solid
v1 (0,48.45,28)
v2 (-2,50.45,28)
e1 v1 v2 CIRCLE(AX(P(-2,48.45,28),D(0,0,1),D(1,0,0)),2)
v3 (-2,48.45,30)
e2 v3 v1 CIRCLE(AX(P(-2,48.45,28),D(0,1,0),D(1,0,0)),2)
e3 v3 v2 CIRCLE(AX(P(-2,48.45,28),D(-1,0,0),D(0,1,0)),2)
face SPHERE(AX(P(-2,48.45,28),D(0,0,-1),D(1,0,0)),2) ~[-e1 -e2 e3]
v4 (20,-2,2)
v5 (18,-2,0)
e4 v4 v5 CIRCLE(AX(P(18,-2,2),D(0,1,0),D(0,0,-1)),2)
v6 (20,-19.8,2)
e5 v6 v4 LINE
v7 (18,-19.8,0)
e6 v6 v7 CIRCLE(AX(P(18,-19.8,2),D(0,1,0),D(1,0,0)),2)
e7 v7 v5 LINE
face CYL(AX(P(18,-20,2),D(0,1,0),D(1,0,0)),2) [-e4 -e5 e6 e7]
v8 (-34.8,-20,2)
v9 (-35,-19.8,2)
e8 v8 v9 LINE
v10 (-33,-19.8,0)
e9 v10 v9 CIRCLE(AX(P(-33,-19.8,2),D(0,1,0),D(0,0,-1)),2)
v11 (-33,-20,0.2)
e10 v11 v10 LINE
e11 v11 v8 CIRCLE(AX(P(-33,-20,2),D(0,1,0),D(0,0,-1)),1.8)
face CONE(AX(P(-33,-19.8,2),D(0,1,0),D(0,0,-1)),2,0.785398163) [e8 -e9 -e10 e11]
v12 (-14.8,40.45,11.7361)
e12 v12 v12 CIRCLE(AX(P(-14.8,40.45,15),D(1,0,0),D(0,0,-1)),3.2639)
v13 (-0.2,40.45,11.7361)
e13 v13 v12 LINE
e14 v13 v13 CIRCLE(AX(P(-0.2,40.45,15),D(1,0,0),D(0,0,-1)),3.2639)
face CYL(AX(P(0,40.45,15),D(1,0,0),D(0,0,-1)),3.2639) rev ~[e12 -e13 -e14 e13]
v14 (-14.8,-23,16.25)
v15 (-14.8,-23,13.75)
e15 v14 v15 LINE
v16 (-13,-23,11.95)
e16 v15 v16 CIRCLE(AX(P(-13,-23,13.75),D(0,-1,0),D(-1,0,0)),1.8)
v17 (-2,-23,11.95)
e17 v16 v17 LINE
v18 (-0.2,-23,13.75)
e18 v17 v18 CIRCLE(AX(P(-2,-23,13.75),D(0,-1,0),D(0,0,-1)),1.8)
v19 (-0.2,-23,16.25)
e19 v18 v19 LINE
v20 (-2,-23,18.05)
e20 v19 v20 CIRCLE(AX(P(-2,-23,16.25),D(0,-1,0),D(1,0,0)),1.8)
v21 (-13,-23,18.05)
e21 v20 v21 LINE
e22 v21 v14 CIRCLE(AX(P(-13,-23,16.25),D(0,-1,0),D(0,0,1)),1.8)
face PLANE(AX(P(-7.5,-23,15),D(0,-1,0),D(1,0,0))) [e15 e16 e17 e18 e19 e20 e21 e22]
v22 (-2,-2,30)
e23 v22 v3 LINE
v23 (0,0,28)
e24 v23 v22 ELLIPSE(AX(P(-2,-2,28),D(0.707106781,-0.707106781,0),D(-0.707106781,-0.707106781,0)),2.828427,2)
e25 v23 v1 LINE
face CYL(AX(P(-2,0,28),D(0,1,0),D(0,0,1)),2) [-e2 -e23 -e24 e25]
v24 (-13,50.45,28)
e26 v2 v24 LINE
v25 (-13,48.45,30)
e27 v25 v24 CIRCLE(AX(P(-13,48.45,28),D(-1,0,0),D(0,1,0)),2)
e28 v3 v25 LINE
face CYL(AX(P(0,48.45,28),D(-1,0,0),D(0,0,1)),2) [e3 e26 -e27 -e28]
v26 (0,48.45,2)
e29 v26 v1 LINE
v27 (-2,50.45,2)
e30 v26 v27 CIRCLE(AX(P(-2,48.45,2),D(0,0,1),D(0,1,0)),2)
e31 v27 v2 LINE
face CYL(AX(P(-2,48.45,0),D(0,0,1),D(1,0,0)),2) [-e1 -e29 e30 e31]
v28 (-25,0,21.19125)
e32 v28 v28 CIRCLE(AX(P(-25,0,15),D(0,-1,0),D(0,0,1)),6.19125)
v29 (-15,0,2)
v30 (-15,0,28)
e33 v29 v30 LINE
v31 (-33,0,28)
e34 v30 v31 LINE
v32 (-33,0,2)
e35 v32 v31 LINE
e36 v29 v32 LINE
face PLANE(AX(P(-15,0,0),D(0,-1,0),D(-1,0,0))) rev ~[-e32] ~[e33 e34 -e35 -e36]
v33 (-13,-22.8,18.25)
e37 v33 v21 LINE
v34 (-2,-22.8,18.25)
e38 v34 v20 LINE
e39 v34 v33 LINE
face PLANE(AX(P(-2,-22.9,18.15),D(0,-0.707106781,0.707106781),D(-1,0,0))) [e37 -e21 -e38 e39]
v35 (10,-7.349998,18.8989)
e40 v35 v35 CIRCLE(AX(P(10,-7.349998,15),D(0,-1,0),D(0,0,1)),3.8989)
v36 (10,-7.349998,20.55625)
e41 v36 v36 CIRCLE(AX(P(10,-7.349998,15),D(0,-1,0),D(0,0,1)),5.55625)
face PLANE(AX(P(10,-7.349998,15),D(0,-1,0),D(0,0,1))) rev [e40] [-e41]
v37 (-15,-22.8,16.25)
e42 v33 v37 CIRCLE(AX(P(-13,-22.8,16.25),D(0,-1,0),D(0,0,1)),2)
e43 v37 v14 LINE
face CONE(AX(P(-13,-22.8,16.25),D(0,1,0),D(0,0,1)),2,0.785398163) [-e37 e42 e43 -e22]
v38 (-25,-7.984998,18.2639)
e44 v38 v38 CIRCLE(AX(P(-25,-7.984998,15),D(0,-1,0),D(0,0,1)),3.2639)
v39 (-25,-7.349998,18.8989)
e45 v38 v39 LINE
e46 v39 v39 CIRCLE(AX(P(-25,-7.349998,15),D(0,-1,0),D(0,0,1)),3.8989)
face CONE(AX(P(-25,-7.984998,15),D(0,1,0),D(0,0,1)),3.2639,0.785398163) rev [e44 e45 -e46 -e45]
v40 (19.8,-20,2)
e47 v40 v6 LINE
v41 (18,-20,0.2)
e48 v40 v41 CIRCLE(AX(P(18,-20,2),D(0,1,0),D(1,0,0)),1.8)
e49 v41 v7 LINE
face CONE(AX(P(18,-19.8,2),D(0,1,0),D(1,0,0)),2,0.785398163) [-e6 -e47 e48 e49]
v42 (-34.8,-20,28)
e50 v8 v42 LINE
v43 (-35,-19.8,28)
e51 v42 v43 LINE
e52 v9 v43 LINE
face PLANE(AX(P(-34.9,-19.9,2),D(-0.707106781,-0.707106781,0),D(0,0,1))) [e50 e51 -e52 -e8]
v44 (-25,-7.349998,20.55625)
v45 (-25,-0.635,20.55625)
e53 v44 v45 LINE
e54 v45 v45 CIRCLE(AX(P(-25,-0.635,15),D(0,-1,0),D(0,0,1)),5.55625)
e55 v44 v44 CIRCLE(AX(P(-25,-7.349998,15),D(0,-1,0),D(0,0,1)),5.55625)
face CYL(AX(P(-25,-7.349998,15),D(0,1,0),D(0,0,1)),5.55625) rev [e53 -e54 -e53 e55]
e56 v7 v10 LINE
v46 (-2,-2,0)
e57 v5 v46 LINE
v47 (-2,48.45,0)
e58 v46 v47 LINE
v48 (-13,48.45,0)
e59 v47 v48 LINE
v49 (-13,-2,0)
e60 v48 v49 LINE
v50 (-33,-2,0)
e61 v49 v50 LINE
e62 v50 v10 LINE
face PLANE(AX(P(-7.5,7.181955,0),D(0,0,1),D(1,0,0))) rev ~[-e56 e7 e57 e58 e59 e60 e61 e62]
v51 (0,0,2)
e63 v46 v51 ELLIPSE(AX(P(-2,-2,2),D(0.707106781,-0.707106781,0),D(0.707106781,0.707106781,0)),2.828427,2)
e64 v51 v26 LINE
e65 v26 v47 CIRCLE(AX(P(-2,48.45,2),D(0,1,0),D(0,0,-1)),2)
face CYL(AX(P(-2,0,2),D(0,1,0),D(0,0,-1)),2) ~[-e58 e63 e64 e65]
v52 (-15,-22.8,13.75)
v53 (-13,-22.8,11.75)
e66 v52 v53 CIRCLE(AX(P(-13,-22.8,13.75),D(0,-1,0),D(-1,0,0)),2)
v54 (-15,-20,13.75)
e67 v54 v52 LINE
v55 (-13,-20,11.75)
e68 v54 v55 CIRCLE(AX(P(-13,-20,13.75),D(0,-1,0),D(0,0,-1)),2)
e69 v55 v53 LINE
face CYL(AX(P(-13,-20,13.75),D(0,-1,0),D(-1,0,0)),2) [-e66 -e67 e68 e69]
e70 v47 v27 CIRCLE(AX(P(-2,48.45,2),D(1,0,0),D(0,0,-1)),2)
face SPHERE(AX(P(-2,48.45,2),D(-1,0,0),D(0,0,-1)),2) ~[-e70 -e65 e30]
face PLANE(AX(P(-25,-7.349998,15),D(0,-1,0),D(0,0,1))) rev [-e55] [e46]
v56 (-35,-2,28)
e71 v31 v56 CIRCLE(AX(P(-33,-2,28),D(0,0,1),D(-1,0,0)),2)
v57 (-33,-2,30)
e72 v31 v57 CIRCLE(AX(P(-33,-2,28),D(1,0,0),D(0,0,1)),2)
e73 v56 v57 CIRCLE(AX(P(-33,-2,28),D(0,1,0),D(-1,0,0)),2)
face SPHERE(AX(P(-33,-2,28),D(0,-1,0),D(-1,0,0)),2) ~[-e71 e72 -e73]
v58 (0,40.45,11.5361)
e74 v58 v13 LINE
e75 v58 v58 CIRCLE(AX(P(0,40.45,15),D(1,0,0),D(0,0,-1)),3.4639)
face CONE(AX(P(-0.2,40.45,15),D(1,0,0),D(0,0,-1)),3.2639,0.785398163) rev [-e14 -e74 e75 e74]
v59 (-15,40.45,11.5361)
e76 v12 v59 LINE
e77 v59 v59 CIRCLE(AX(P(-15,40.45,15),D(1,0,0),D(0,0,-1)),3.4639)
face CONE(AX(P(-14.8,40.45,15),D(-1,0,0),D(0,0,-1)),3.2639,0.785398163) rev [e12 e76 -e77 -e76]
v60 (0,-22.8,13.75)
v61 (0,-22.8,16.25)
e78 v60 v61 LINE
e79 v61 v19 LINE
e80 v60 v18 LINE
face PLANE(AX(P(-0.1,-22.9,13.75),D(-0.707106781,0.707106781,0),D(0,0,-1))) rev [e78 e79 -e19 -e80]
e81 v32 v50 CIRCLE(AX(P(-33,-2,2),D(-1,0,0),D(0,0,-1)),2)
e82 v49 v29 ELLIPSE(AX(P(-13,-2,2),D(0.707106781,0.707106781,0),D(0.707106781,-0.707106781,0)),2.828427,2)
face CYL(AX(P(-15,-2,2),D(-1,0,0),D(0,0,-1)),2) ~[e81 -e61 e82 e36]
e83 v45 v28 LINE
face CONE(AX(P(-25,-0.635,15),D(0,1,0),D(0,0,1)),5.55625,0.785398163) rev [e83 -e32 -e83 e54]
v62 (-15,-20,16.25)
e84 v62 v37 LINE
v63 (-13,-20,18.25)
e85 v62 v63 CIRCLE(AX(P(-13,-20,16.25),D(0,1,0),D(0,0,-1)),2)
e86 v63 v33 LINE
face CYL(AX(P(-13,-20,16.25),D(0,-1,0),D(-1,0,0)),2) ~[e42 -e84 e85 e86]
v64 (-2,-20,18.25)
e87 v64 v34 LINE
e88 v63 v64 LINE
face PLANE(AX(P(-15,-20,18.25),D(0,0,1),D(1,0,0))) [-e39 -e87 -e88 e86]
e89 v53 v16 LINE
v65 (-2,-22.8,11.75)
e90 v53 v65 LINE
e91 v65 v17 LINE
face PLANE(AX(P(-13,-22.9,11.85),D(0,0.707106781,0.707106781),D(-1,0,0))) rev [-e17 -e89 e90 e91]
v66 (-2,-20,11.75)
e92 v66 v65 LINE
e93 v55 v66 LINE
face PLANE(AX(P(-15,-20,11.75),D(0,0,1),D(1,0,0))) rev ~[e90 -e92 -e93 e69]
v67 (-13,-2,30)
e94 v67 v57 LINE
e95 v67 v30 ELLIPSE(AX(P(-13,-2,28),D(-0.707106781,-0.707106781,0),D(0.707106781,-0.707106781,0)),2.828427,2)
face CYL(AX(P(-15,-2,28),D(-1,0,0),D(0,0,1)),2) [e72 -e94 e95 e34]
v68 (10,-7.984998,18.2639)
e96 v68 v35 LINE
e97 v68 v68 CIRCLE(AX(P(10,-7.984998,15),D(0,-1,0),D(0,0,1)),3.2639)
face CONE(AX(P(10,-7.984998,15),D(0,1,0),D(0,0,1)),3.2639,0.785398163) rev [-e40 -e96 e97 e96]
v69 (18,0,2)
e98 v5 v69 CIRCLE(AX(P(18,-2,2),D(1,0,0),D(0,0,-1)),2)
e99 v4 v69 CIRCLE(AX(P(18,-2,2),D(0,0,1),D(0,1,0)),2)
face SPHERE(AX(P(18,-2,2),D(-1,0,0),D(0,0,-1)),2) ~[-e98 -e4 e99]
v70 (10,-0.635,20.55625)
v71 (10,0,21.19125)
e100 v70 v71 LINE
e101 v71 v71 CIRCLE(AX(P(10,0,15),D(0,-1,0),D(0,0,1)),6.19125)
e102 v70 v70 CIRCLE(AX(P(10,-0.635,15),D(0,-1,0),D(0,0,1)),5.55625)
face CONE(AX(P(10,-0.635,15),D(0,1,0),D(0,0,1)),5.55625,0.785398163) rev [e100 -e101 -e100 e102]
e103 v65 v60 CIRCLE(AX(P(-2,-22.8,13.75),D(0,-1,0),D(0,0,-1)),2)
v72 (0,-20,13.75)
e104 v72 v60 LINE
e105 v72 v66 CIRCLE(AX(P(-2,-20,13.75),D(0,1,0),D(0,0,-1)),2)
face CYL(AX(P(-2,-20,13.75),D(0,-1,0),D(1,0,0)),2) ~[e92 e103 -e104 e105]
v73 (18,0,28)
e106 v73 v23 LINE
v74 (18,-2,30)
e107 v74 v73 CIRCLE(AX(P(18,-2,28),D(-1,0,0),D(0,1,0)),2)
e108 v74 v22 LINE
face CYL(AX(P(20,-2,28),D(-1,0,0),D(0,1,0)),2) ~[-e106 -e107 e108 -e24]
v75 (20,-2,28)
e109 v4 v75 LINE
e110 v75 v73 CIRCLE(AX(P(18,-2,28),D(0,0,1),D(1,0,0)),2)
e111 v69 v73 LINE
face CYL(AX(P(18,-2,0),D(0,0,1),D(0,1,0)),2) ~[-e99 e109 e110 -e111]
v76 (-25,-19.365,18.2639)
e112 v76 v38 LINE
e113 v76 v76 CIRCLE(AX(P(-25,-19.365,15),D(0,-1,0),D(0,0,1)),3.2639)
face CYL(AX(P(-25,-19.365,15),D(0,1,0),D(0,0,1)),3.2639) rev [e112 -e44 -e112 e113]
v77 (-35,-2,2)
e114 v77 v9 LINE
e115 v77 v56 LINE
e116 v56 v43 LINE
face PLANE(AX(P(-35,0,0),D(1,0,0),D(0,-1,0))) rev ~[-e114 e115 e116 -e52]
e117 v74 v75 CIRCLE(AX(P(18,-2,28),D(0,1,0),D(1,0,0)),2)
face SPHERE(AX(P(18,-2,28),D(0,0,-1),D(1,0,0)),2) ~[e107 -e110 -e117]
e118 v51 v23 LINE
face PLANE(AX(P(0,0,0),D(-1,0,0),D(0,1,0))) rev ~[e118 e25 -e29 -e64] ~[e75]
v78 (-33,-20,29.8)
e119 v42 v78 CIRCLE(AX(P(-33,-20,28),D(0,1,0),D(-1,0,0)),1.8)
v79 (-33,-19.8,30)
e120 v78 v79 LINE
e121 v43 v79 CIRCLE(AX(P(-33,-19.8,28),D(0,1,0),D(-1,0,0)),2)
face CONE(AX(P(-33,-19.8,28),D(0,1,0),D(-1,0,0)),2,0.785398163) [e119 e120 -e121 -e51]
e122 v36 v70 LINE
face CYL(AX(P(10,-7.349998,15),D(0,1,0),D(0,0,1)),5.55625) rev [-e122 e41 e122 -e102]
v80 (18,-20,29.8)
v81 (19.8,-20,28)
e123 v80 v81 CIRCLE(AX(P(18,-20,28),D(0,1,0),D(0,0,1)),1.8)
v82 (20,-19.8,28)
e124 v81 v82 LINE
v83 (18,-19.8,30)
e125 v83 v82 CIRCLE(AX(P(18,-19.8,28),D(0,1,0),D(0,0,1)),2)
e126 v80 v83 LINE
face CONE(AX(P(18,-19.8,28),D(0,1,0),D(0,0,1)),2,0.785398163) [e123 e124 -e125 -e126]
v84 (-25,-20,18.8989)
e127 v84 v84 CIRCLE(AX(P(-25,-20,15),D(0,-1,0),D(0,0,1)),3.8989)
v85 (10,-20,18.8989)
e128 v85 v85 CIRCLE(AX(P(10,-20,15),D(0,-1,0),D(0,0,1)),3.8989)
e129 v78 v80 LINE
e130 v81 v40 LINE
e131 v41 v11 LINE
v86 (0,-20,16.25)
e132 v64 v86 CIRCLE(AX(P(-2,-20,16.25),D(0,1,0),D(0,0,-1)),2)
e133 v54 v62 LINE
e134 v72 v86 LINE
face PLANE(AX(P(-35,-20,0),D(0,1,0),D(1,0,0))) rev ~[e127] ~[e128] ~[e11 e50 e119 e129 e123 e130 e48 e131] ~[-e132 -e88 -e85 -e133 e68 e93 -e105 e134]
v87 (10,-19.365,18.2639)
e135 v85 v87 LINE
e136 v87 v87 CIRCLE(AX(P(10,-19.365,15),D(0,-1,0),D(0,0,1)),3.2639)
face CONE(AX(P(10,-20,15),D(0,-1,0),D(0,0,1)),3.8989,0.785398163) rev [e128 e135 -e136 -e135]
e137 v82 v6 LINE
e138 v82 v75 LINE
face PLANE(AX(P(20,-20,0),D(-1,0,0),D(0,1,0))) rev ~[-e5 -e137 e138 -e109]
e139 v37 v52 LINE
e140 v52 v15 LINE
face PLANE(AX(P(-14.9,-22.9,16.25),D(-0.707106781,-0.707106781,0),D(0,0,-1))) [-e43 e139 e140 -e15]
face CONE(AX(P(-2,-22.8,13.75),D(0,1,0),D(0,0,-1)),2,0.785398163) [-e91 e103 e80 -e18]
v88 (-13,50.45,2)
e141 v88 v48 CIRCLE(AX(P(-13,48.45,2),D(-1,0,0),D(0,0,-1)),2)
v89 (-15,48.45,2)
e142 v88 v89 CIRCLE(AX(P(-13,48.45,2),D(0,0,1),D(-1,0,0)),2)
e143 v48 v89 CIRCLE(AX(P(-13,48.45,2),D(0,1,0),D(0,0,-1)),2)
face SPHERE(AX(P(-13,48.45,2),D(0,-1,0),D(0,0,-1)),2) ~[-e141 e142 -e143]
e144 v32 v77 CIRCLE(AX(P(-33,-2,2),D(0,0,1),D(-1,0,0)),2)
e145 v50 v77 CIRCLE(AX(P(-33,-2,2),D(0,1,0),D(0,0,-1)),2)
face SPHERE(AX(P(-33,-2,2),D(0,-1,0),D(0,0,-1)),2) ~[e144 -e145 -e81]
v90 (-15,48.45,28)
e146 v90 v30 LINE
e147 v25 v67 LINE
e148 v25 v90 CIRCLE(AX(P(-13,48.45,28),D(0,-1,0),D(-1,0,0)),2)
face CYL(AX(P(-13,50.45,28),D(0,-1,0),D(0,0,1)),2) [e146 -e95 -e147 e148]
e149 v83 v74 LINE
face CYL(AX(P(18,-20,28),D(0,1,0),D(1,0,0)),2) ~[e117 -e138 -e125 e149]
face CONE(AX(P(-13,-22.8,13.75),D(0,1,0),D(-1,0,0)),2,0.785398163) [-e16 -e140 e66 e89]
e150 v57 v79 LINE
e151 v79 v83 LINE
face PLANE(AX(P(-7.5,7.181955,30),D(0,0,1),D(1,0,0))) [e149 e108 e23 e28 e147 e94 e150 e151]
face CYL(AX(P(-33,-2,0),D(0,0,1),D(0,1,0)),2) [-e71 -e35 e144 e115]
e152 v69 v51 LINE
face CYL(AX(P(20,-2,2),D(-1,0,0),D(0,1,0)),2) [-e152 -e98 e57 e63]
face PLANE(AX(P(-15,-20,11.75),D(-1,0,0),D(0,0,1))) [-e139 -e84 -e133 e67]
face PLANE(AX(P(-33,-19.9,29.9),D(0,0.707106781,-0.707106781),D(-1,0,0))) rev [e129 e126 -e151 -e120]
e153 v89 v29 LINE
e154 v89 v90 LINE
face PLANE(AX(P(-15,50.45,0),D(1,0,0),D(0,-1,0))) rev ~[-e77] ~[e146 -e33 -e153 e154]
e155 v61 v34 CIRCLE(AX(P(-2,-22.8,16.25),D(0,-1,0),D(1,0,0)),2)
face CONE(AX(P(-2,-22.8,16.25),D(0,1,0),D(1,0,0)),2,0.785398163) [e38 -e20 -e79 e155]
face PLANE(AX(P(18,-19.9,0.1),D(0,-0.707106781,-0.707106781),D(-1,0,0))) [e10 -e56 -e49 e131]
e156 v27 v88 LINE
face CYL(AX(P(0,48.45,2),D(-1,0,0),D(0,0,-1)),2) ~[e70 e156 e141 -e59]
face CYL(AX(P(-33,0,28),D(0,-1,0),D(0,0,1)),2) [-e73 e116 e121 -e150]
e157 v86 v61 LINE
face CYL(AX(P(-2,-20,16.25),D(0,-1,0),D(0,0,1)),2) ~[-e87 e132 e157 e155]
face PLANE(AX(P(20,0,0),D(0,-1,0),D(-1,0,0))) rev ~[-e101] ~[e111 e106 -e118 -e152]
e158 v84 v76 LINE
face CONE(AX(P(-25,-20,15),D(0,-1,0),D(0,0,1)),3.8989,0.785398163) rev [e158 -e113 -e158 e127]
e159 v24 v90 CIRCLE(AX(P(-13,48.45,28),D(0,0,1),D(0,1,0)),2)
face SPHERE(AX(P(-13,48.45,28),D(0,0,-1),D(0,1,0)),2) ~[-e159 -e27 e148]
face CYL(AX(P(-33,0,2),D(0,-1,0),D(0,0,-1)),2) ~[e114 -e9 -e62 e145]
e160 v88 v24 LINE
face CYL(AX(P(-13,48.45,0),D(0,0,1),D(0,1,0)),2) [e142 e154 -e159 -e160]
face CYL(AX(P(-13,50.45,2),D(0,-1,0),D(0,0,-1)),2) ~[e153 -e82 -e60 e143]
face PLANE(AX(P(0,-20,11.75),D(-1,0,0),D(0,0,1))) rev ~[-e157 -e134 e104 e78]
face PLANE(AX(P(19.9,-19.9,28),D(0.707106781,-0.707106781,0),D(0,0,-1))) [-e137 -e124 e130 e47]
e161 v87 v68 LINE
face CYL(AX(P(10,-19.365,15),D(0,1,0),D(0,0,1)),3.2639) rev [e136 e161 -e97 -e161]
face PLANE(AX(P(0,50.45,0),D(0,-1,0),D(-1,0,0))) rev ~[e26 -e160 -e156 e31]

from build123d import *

# Parameters (mm, degrees)
BOSS_EXTRUDE1_DEPTH                           = 30
SKETCH2_R                                     = 3.2639
CUT_EXTRUDE1_DEPTH                            = 36
CBORE_FOR_1_4_SOCKET_HEAD_CAP_SCREW1_AT_COUNT = 2
CBORE_FOR_1_4_SOCKET_HEAD_CAP_SCREW1_AT_PITCH = 35
SKETCH7_W                                     = 15
SKETCH7_H                                     = 6.5
BOSS_EXTRUDE2_DEPTH                           = 3
FILLET1_R                                     = 2
CHAMFER1_SIZE                                 = 0.2


with BuildPart() as part:
    # Sketch1 → Boss-Extrude1 (new body)
    with BuildSketch(Plane.XY):
        Polygon((20, 0), (0, 0), (0, 50.45), (-15, 50.45), (-15, 0), (-35, 0), (-35, -20), (20, -20), align=None)
    extrude(amount=BOSS_EXTRUDE1_DEPTH)

    # Sketch2 → Cut-Extrude1 (cut, through all)
    with BuildSketch(Plane(origin=(0, 0, 0), x_dir=(0, 0, -1), z_dir=(1, 0, 0))):
        with Locations((-15, 40.45)):
            Circle(SKETCH2_R)
    extrude(amount=-CUT_EXTRUDE1_DEPTH, mode=Mode.SUBTRACT)

    # Sketch5 → CBORE for 1/4 Socket Head Cap Screw1 (revolve, cut)
    with BuildSketch(Plane(origin=(-25, 0, 15), x_dir=(0, 0, 1), z_dir=(1, 0, 0))):
        Polygon((0, 0), (0, 20), (3.8989, 20), (3.2639, 19.365), (3.2639, 7.984998), (3.8989, 7.349998), (5.55625, 7.349998), (5.55625, 0.635), (6.19125, 0), align=None)
    cbore_for_1_4_socket_head_cap_screw1 = revolve(axis=Axis((-25, 6.35, 15), (0, -1, 0)), mode=Mode.SUBTRACT)

    # CBORE for 1/4 Socket Head Cap Screw1 at: CBORE for 1/4 Socket Head Cap Screw1 ×2
    with Locations(*[(i * CBORE_FOR_1_4_SOCKET_HEAD_CAP_SCREW1_AT_PITCH, 0, 0) for i in range(1, CBORE_FOR_1_4_SOCKET_HEAD_CAP_SCREW1_AT_COUNT)]):
        add(cbore_for_1_4_socket_head_cap_screw1, mode=Mode.SUBTRACT)

    # Sketch7 → Boss-Extrude2 (add)
    with BuildSketch(Plane.XZ.offset(20)):
        with Locations((-7.5, 15)):
            Rectangle(SKETCH7_W, SKETCH7_H)
    extrude(amount=BOSS_EXTRUDE2_DEPTH)

    # Fillet1
    fillet1_edges = [part.edges().sort_by_distance(p)[0] for p in [
        (-35, -10, 30),
        (-15, 25.225, 0),
        (-7.5, 50.45, 0),
        (0, 25.225, 0),
        (10, 0, 0),
        (20, -10, 0),
        (-35, -10, 0),
        (-25, 0, 0),
        (-15, 50.45, 15),
        (0, 50.45, 15),
        (20, 0, 15),
        (-35, 0, 15),
        (20, -10, 30),
        (10, 0, 30),
        (0, 25.225, 30),
        (-7.5, 50.45, 30),
        (-15, 25.225, 30),
        (-25, 0, 30),
        (-15, -21.5, 11.75),
        (0, -21.5, 11.75),
        (0, -21.5, 18.25),
        (-15, -21.5, 18.25),
    ]]
    fillet(fillet1_edges, radius=FILLET1_R)

    # Chamfer1
    chamfer1_edges = [part.edges().sort_by_distance(p)[0] for p in [
        (-35, -20, 15),
        (-34.414213562, -20, 29.414213562),
        (-34.414213562, -20, 0.585786438),
        (19.414213562, -20, 0.585786438),
        (19.414213562, -20, 29.414213562),
        (-15, 40.45, 18.2639),
        (0, 40.45, 18.2639),
        (0, -23, 15),
        (-7.5, -23, 11.75),
        (-7.5, -23, 18.25),
        (-15, -23, 15),
        (-14.414213562, -23, 12.335786438),
        (-14.414213562, -23, 17.664213562),
        (-0.585786438, -23, 17.664213562),
        (-0.585786438, -23, 12.335786438),
        (-7.5, -20, 0),
        (-7.5, -20, 30),
        (20, -20, 15),
    ]]
    chamfer(chamfer1_edges, length=CHAMFER1_SIZE)


solid = part.part
